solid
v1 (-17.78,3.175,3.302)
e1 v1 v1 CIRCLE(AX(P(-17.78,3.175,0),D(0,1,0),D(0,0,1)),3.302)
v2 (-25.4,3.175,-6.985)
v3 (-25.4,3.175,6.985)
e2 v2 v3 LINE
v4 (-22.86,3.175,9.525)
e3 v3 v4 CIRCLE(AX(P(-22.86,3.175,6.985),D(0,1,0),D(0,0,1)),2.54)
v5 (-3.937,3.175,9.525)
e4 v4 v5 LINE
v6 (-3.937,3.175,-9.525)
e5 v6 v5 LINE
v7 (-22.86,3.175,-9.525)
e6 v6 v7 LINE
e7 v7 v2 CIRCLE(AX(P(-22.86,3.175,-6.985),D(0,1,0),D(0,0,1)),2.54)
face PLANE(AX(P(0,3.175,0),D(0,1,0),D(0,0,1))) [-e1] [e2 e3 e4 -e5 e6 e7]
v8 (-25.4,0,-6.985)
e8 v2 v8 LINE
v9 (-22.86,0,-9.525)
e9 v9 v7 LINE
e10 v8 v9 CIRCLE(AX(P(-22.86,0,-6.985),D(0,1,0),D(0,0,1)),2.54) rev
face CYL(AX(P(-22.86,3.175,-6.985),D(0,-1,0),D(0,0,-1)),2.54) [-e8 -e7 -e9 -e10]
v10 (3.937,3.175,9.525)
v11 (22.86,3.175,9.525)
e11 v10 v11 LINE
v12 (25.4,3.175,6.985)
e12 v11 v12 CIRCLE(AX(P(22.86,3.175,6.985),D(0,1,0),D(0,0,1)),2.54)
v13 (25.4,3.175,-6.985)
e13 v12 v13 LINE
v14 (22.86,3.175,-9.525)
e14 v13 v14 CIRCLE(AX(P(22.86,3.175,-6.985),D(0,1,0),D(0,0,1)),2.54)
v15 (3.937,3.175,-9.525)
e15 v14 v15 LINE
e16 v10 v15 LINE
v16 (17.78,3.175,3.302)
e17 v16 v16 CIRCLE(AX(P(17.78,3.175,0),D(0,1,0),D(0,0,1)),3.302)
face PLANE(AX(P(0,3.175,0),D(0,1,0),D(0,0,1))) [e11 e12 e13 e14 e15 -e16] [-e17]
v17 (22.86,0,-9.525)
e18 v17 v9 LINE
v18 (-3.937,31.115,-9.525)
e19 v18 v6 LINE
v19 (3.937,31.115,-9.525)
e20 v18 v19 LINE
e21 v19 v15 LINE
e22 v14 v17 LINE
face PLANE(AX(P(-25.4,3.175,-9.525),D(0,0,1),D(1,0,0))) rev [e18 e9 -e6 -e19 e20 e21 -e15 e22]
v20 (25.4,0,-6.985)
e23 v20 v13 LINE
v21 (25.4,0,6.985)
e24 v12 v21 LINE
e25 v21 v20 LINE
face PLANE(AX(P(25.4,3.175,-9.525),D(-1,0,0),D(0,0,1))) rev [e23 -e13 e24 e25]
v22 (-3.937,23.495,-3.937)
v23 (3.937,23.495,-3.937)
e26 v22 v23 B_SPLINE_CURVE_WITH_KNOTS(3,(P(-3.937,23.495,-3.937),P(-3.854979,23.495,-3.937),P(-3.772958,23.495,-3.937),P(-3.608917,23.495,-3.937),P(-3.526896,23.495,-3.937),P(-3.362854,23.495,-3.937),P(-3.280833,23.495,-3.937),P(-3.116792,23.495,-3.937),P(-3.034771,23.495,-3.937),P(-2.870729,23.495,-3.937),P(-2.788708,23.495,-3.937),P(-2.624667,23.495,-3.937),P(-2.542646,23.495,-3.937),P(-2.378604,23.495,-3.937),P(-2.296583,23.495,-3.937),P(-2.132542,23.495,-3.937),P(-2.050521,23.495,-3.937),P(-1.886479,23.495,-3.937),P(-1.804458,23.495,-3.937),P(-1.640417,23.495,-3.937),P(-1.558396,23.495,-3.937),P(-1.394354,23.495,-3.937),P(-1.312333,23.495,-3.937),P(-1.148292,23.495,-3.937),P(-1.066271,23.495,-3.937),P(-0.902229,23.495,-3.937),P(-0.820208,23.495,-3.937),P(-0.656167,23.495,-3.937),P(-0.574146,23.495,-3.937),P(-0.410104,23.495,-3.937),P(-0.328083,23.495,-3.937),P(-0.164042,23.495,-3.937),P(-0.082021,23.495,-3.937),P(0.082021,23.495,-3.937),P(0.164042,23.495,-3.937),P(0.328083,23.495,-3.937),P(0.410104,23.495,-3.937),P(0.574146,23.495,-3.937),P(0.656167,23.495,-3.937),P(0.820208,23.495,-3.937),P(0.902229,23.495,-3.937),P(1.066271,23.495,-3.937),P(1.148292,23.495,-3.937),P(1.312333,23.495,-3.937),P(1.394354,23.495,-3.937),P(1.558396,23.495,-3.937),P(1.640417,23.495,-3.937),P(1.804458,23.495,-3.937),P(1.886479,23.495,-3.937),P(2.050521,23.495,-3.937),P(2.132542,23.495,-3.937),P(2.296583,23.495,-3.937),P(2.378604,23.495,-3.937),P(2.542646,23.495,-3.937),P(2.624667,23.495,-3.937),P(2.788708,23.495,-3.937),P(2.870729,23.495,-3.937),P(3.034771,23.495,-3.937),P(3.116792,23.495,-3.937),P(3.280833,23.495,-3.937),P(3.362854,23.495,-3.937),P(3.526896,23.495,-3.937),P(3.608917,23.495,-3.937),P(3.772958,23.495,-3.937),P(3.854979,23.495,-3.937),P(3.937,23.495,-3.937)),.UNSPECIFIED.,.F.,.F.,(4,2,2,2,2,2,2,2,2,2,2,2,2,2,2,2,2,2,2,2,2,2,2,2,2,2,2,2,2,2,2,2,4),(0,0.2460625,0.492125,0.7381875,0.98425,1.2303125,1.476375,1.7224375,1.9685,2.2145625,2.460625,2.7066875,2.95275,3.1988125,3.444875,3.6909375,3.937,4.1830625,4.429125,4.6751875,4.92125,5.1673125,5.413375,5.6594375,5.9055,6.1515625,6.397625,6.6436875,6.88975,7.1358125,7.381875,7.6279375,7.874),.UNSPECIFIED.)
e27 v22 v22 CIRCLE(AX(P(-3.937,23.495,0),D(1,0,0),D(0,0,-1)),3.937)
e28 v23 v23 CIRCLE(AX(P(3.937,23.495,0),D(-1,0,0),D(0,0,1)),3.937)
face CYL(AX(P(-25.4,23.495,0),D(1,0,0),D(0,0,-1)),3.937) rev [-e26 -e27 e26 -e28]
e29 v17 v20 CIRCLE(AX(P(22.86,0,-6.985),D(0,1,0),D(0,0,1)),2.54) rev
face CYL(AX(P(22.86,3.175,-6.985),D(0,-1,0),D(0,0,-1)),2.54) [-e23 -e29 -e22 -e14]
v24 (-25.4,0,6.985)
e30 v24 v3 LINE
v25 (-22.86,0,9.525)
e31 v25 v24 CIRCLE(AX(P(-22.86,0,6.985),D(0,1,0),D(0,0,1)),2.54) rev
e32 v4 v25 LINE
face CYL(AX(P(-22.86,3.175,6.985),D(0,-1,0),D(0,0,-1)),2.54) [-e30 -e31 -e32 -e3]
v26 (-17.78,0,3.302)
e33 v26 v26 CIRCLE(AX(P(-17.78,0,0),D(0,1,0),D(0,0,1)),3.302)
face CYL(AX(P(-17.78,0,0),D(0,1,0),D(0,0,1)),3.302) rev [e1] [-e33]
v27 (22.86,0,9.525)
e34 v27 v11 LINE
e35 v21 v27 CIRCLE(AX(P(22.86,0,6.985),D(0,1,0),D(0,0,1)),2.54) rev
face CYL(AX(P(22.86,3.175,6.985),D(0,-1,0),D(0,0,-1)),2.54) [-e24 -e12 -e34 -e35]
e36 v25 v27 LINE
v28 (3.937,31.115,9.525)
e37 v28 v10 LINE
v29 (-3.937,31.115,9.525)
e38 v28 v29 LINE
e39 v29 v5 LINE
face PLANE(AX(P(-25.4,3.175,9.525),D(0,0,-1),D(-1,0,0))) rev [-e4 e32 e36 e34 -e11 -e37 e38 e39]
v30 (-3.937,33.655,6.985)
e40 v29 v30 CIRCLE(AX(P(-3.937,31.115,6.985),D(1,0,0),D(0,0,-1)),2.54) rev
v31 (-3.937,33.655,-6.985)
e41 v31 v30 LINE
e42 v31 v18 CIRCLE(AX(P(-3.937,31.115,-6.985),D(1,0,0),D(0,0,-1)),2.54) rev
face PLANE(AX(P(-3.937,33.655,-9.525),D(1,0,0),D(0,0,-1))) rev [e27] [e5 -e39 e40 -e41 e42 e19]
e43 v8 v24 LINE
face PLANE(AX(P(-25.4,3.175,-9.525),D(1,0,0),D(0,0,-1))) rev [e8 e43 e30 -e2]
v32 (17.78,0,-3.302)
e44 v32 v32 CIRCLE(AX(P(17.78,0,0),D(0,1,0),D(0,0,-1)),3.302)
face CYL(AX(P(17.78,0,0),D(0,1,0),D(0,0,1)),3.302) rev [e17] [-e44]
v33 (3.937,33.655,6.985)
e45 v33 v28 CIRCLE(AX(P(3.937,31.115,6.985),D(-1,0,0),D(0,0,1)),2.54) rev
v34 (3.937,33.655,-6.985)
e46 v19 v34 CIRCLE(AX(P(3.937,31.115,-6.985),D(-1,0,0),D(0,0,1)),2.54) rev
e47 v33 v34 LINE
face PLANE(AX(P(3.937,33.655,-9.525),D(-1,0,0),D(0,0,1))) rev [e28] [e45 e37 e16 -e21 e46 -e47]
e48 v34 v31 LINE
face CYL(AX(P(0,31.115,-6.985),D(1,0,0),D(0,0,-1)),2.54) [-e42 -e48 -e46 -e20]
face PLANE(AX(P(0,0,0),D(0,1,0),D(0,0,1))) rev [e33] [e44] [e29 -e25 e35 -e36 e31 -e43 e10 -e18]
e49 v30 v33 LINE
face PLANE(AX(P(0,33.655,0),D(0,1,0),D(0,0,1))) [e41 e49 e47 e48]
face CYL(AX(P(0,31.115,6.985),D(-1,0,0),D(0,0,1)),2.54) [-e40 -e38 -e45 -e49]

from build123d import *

# Parameters (mm, degrees)
SKETCH1_W               = 50.8
SKETCH1_H               = 19.05
BOSS_EXTRUDE1_DEPTH     = 3.175
SKETCH2_W               = 7.874
SKETCH2_H               = 19.05
BOSS_EXTRUDE2_DEPTH     = 30.48
CUT_EXTRUDE1_DEPTH      = 46.651333157
CUT_EXTRUDE1_DEPTH_BACK = 46.651333157
SKETCH3_R               = 3.937
CUT_EXTRUDE2_DEPTH      = 41.803382519
CUT_EXTRUDE2_DEPTH_BACK = 41.803382519
SKETCH5_R               = 3.302
FILLET2_R               = 2.54


with BuildPart() as part:
    # Sketch1 → Boss-Extrude1 (new body)
    with BuildSketch(Plane(origin=(0, 0, 0), x_dir=(1, 0, 0), z_dir=(0, 1, 0))):
        Rectangle(SKETCH1_W, SKETCH1_H)
    extrude(amount=BOSS_EXTRUDE1_DEPTH)

    # Sketch2 → Boss-Extrude2 (add)
    with BuildSketch(Plane(origin=(0, 3.175, 0), x_dir=(1, 0, 0), z_dir=(0, 1, 0))):
        Rectangle(SKETCH2_W, SKETCH2_H)
    extrude(amount=BOSS_EXTRUDE2_DEPTH)

    # Sketch3 → Cut-Extrude1 (cut, two sides: drawn at the far end of the back side and taken through both)
    with BuildSketch(Plane(origin=(3.937, 0, 0), x_dir=(0, 0, -1), z_dir=(1, 0, 0)).offset(-CUT_EXTRUDE1_DEPTH_BACK)):
        with Locations((0, 23.495)):
            Circle(SKETCH3_R)
    extrude(amount=CUT_EXTRUDE1_DEPTH + CUT_EXTRUDE1_DEPTH_BACK, mode=Mode.SUBTRACT)

    # Sketch5 → Cut-Extrude2 (cut, two sides: drawn at the far end of the back side and taken through both)
    with BuildSketch(Plane(origin=(0, 3.175, 0), x_dir=(1, 0, 0), z_dir=(0, 1, 0)).offset(-CUT_EXTRUDE2_DEPTH_BACK)):
        with Locations((-17.78, 0)):
            Circle(SKETCH5_R)
        with Locations((17.78, 0)):
            Circle(SKETCH5_R)
    extrude(amount=CUT_EXTRUDE2_DEPTH + CUT_EXTRUDE2_DEPTH_BACK, mode=Mode.SUBTRACT)

    # Fillet2
    fillet2_edges = [part.edges().sort_by_distance(p)[0] for p in [
        (-25.4, 1.5875, -9.525),
        (25.4, 1.5875, -9.525),
        (25.4, 1.5875, 9.525),
        (-25.4, 1.5875, 9.525),
        (0, 33.655, -9.525),
        (0, 33.655, 9.525),
    ]]
    fillet(fillet2_edges, radius=FILLET2_R)


solid = part.part
